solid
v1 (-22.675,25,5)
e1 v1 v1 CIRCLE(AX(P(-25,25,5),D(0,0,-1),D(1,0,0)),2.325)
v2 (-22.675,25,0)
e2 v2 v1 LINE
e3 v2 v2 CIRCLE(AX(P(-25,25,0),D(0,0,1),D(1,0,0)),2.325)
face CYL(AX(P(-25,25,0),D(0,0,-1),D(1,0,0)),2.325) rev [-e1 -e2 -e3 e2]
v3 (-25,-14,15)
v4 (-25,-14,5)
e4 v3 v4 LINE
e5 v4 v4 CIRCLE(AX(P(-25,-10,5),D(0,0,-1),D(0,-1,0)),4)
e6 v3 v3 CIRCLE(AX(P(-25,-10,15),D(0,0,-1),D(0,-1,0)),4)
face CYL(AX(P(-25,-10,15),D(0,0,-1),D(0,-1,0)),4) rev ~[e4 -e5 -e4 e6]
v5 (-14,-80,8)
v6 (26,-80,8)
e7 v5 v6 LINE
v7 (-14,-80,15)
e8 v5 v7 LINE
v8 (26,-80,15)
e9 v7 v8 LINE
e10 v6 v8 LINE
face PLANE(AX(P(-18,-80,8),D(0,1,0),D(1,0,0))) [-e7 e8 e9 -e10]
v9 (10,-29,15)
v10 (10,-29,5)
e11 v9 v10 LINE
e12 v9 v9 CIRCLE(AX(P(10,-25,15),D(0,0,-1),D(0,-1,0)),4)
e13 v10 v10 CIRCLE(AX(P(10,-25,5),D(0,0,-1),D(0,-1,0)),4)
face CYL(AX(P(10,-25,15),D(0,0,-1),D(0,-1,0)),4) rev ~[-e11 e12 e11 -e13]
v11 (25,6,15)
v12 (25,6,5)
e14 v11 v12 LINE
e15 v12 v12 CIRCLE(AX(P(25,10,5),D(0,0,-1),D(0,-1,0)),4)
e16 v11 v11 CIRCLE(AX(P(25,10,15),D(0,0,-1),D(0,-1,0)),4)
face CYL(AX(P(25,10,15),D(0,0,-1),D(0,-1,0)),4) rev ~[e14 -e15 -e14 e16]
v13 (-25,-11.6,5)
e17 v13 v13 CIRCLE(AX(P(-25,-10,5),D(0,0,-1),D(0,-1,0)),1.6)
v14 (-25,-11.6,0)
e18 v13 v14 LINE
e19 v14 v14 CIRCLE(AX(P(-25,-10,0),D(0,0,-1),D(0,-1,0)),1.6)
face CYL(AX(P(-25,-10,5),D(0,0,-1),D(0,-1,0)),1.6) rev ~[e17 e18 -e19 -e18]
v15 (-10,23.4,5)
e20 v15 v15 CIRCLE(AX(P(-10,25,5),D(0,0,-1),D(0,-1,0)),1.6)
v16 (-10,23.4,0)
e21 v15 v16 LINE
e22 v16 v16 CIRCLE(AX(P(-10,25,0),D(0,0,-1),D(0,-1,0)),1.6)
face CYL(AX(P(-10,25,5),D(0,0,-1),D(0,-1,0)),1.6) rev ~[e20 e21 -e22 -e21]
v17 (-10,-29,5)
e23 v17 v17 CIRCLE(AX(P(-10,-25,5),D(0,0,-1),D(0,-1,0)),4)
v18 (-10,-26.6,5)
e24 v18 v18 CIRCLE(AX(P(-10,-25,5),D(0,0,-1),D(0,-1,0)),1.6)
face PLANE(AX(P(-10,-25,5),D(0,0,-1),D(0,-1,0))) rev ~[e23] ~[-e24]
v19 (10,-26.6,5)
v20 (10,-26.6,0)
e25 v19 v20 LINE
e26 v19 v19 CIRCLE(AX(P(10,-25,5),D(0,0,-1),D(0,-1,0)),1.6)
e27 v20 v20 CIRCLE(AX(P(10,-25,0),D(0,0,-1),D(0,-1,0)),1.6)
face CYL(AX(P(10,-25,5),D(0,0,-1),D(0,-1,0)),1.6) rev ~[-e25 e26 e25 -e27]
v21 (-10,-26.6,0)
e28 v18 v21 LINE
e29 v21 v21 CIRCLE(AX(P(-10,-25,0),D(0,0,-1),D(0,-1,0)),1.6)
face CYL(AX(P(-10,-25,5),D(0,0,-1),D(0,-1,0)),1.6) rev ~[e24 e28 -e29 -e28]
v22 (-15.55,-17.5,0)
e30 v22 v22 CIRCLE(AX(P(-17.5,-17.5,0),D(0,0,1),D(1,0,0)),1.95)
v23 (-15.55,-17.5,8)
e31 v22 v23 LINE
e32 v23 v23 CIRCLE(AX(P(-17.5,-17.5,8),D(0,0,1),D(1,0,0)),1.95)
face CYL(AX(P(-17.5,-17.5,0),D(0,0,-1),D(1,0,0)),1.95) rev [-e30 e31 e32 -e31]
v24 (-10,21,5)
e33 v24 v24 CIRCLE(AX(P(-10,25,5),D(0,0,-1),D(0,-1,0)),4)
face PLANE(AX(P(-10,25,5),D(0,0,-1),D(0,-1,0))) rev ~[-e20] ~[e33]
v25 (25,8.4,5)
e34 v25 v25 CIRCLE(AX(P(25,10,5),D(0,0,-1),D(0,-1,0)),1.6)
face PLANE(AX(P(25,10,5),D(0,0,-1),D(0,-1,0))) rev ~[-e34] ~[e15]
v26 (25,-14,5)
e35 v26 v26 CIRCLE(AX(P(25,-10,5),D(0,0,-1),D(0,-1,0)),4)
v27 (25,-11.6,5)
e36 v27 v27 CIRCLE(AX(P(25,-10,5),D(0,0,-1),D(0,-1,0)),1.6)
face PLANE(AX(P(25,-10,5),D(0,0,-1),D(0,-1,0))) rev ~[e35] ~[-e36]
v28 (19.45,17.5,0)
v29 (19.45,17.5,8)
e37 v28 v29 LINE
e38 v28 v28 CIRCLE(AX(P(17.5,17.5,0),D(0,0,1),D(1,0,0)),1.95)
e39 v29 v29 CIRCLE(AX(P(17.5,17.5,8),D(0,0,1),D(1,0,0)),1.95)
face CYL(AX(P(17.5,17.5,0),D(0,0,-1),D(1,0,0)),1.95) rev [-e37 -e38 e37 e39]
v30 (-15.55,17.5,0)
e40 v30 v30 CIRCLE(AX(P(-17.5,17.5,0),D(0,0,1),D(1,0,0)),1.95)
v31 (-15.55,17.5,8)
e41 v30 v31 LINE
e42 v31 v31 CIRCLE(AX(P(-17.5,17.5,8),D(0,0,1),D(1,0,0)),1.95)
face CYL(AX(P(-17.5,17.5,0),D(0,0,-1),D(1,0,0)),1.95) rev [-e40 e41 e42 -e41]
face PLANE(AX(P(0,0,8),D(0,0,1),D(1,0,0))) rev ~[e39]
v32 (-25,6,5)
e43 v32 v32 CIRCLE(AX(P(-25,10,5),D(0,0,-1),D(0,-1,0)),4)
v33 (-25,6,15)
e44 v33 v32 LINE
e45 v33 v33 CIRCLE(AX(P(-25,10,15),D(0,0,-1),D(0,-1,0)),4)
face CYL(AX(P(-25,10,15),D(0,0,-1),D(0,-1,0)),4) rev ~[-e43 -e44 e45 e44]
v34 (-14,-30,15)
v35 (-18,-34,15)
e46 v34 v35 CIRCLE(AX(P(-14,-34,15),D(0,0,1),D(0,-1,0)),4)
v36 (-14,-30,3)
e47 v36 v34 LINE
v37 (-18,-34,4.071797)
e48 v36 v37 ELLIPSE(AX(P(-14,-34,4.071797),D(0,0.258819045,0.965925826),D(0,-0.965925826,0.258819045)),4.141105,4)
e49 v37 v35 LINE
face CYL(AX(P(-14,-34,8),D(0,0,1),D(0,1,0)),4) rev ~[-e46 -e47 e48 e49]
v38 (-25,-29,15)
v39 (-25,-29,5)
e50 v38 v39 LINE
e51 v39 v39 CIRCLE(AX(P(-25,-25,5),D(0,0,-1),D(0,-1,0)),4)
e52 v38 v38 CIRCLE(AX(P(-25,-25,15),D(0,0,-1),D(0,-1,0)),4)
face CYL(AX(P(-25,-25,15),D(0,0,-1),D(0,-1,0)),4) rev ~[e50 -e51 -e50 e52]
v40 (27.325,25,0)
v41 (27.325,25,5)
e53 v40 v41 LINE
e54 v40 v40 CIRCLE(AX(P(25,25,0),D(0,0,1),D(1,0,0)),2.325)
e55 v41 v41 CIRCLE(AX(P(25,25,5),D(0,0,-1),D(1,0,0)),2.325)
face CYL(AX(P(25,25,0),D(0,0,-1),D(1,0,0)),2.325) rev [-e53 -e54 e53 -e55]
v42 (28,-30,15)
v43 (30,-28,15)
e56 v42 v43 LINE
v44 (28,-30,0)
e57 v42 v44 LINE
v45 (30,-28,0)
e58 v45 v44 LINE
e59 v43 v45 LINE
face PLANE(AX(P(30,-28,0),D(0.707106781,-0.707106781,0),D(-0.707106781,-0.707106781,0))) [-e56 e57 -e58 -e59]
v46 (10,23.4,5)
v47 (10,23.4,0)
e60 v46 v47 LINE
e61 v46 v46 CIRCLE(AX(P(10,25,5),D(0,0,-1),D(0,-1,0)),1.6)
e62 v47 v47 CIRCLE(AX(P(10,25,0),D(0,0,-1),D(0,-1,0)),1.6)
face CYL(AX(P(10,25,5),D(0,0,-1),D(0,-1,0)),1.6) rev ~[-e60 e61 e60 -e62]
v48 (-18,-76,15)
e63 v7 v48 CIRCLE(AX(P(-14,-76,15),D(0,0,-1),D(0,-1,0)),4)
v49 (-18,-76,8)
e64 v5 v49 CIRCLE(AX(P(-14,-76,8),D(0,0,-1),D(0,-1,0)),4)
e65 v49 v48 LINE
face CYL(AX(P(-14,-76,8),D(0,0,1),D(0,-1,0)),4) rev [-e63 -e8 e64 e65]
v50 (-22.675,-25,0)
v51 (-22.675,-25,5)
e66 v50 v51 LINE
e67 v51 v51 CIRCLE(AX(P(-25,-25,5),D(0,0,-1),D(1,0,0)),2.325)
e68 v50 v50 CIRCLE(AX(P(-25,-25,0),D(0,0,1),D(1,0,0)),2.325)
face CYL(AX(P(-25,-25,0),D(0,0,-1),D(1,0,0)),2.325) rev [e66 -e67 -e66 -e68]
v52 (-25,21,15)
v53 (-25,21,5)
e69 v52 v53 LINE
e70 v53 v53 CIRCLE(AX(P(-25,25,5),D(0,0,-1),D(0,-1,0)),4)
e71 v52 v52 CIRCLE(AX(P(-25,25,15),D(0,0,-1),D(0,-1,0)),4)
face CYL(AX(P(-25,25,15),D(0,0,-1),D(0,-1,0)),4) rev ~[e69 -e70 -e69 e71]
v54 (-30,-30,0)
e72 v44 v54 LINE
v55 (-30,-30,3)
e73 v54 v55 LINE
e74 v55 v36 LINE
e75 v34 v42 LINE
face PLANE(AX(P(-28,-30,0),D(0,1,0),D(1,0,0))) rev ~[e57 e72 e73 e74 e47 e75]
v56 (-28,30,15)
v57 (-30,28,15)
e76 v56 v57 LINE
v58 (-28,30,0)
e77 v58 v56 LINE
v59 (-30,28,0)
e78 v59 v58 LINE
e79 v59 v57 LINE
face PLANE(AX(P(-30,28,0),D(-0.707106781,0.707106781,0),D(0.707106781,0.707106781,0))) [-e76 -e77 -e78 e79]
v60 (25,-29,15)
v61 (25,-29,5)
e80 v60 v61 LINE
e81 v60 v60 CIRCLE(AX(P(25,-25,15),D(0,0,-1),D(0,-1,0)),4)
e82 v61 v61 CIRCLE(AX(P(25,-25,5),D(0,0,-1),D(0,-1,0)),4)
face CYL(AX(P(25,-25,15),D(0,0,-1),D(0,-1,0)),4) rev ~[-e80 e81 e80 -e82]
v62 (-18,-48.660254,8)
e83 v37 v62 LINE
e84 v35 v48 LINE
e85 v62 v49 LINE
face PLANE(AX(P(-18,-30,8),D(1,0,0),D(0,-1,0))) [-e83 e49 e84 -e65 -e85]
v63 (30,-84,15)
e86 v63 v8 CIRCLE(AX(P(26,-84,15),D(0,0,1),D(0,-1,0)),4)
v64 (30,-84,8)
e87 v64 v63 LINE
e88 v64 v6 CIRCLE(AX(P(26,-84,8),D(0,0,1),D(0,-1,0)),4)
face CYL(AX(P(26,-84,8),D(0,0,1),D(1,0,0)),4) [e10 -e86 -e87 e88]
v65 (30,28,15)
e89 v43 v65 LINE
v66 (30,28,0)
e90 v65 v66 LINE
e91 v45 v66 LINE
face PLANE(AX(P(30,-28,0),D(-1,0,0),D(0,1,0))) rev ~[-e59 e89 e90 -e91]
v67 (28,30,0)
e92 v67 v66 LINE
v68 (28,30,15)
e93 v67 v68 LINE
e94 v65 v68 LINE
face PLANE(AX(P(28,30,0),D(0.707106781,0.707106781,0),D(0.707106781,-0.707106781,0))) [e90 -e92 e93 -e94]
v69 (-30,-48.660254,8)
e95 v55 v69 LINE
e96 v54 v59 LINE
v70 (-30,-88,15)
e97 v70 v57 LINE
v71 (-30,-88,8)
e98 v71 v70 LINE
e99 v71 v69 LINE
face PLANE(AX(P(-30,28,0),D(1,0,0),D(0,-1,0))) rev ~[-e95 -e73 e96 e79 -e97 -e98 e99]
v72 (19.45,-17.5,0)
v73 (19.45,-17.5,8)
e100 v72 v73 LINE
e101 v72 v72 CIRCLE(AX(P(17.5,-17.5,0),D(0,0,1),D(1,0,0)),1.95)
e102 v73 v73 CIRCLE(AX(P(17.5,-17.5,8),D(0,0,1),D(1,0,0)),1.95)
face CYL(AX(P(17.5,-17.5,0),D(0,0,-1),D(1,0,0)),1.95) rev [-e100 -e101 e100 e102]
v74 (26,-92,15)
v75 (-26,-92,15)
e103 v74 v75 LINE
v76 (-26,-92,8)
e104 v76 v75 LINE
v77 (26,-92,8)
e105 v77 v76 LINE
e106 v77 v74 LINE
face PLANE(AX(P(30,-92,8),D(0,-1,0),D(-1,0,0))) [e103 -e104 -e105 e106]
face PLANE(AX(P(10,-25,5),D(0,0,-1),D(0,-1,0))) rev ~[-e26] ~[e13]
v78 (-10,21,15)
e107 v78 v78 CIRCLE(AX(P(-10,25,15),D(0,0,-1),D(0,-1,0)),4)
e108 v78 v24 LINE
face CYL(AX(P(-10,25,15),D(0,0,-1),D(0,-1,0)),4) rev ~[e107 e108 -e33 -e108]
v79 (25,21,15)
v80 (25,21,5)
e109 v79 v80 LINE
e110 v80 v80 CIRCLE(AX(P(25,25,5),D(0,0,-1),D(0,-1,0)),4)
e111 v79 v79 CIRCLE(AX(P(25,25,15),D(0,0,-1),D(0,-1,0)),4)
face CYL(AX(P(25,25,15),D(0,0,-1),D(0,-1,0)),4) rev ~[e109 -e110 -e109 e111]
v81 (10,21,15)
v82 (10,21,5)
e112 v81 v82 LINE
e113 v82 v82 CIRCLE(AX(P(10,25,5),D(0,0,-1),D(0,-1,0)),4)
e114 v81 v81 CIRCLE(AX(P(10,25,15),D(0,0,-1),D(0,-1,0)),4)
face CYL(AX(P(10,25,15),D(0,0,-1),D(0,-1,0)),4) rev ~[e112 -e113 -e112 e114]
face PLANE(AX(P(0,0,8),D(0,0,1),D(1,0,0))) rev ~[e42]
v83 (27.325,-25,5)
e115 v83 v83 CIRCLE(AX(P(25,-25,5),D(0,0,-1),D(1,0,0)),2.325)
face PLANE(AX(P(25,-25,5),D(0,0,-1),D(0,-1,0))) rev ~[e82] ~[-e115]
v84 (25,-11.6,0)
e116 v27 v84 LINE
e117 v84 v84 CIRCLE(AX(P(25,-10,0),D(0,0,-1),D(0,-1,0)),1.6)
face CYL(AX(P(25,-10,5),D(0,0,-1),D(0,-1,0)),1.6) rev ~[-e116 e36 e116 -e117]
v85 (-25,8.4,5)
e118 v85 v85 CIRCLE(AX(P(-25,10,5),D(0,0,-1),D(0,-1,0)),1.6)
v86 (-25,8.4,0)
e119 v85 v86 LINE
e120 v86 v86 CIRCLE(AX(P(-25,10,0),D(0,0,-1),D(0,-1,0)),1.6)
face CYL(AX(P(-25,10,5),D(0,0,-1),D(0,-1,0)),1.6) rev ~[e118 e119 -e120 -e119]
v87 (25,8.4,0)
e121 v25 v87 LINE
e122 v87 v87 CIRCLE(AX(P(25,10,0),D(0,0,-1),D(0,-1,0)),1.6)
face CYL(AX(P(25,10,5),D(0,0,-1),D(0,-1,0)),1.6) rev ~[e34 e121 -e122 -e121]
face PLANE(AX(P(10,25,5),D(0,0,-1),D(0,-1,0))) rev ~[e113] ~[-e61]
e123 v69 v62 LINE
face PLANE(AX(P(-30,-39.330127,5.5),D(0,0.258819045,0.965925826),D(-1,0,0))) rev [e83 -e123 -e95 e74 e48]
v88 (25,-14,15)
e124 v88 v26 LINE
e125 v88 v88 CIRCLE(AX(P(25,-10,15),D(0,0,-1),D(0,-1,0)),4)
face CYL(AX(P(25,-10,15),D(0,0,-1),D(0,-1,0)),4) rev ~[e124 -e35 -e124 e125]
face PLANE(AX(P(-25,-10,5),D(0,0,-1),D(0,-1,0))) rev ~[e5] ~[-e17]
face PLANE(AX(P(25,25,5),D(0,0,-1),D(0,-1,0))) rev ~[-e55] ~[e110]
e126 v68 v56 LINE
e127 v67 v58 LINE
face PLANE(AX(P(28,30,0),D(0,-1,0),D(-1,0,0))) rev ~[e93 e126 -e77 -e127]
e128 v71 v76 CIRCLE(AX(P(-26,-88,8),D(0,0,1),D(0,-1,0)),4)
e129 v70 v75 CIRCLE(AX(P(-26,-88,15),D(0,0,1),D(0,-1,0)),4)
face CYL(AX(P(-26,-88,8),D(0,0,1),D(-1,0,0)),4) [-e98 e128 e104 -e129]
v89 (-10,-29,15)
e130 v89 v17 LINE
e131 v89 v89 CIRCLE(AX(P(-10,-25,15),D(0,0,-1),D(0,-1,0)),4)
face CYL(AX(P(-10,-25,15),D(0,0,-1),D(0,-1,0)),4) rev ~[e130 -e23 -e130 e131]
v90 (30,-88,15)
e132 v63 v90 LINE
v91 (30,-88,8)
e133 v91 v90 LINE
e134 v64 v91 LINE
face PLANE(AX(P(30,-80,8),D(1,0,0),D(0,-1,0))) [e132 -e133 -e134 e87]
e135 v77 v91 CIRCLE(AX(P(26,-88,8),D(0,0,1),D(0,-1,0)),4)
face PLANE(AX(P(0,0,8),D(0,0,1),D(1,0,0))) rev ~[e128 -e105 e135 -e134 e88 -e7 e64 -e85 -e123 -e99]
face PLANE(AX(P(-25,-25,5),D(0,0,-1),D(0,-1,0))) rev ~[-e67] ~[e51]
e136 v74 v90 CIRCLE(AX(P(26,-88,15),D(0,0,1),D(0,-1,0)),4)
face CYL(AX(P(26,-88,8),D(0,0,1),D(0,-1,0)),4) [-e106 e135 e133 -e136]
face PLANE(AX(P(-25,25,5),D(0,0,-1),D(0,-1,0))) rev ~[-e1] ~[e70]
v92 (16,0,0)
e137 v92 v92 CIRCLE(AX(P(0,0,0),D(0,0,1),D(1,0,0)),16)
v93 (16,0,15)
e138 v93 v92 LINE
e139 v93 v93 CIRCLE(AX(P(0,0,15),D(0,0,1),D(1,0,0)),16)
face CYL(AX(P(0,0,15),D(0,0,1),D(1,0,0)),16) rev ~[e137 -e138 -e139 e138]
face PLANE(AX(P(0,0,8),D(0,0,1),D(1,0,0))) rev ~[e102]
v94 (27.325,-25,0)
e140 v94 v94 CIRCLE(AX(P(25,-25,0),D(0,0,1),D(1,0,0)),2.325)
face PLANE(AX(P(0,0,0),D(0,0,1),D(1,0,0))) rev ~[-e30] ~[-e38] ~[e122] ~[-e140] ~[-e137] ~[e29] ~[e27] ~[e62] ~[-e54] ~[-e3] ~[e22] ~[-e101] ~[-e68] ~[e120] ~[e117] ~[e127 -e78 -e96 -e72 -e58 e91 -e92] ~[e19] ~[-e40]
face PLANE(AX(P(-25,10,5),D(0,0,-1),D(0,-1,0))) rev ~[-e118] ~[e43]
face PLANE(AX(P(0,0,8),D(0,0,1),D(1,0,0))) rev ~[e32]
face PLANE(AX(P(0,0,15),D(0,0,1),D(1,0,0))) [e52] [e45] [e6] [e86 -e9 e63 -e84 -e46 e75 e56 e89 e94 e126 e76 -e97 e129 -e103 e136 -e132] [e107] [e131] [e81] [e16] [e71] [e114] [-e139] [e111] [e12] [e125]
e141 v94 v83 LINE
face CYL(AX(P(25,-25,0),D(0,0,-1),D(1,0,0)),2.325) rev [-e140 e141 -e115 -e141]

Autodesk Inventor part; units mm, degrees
ref_plane "YZ Plane" through (0, 0, 0) normal (1, 0, 0) x (0, 1, 0)
ref_plane "XZ Plane" through (0, 0, 0) normal (0, 1, 0) x (-1, 0, 0)
ref_plane "XY Plane" through (0, 0, 0) normal (0, 0, 1) x (1, 0, 0)
ref_plane "Work Plane1" through (0, 0, 0) normal (0, 0, 1) x (1, 0, 0)
sketch "Sketch1" plane through (0, 0, 0) normal (0, 0, 1) x (1, 0, 0)
  circle A0 centre (-10, -25) radius 1.45 projected
  circle A1 centre (-10, 25) radius 1.45 projected
  circle A2 centre (10, 25) radius 1.45 projected
  circle A3 centre (10, -25) radius 1.45 projected
  circle A4 centre (-25, 25) radius 2.325 projected
  circle A5 centre (25, -25) radius 2.325 projected
  circle A6 centre (-25, -25) radius 2.325 projected
  circle A7 centre (25, 25) radius 2.325 projected
  line L0 (28, 30) -> (30, 28) projected
  line L1 (28, 30) -> (-28, 30) projected
  line L2 (-30, 28) -> (-28, 30) projected
  line L3 (-30, 28) -> (-30, -28) projected
  line L4 (-28, -30) -> (-30, -28) projected
  line L5 (-28, -30) -> (28, -30) projected
  line L6 (30, -28) -> (28, -30) projected
  line L7 (30, -28) -> (30, 28) projected
  circle A8 centre (-17.5, -17.5) radius 1.95 projected
  circle A9 centre (17.5, 17.5) radius 1.95 projected
  circle A10 centre (17.5, -17.5) radius 1.95 projected
  circle A11 centre (-17.5, 17.5) radius 1.95 projected
  circle A12 centre (0, 0) radius 7.5 projected
  circle A13 centre (-25.33, -75.26) radius 6.15 projected
  circle A14 centre (25, -10) radius 1.45 projected
  circle A15 centre (-25, -10) radius 1.45 projected
  circle A16 centre (-25, 10) radius 1.45 projected
  circle A17 centre (25, 10) radius 1.45 projected
  line L8 (-30, -28) -> (-30, -30)
  line L9 (-30, -30) -> (-28, -30)
  point P0 (0, 0)
extrude "Extrusion1" add sketch "Sketch1" along normal blind 8 contours L0 L7 L6 L5 L4 L3 L2 L1 | L4 L9 L8
sketch "Sketch2" plane through (0, 0, 8) normal (0, 0, 1) x (1, 0, 0)
  circle A0 centre (0, 0) radius 7.5 projected
  circle A1 centre (25, 10) radius 1.45 projected
  circle A2 centre (-25, 10) radius 1.45 projected
  circle A3 centre (-25, -10) radius 1.45 projected
  circle A4 centre (25, -10) radius 1.45 projected
  circle A5 centre (10, -25) radius 1.45 projected
  circle A6 centre (10, 25) radius 1.45 projected
  circle A7 centre (-10, 25) radius 1.45 projected
  circle A8 centre (-10, -25) radius 1.45 projected
  line L0 (-30, -30) -> (28, -30) projected
  line L1 (28, -30) -> (30, -28) projected
  line L2 (30, -28) -> (30, 28) projected
  line L3 (30, 28) -> (28, 30) projected
  line L4 (28, 30) -> (-28, 30) projected
  line L5 (30, -28) -> (30, 28) projected
  line L6 (30, 28) -> (30, -28) projected
  line L7 (-28, 30) -> (-30, 28) projected
  line L8 (-30, 28) -> (-30, -30) projected
  line L9 (-30, -30) -> (-18, -30)
  line L10 (-18, -30) -> (-18, -80)
  line L11 (-18, -80) -> (-30, -80)
  line L12 (-30, -80) -> (-30, -30)
  line L13 (-30, -30) -> (-30, -28)
  line L14 (-30, -28) -> (-28, -30)
  line L15 (-28, -30) -> (-30, -30)
  circle A9 centre (-17.5, 17.5) radius 1.95 projected
  circle A10 centre (-25, 25) radius 2.325 projected
  circle A11 centre (25, 25) radius 2.325 projected
  circle A12 centre (17.5, 17.5) radius 1.95 projected
  circle A13 centre (17.5, -17.5) radius 1.95 projected
  circle A14 centre (25, -25) radius 2.325 projected
  circle A15 centre (-25, -25) radius 2.325 projected
  line L16 (-30, -80) -> (30, -80)
  line L17 (30, -80) -> (30, -92)
  line L18 (30, -92) -> (-30, -92)
  line L19 (-30, -92) -> (-30, -80)
  point P0 (0, 0)
  point P1 (-24.2387, -104)
  dimension "d59" = 12
  dimension "d77" = 12
extrude "Extrusion2" add sketch "Sketch2" along normal blind 7 contours A0 | A1 | A2 | A3 | A4 | A5 | A6 | A7 | A8 | L8 L14 L0 | L0 L10 L11 L12 | L14 L8 L7 L4 L3 L2 L1 L0 | L11 L16 L17 L18 L19 | A9 | A10 | A11 | A12 | A13 | A14 | A15
fillet "Fillet1" radius 4 5 edges at (-18, -30, 11.5) (-30, -92, 11.5) (30, -92, 11.5) (30, -80, 11.5) (-18, -80, 11.5)
sketch "Sketch6" plane through (0, 0, 15) normal (0, 0, 1) x (1, 0, 0)
  line L0 (30, -28) -> (30, 28) projected
  line L1 (30, 28) -> (28, 30) projected
  line L2 (28, 30) -> (-28, 30) projected
  circle A0 centre (-1.1442, -37.6316) radius 2.45
  circle A1 centre (-1.1442, -37.6316) radius 1.45 construction
  line L3 (-14, -30) -> (28, -30) projected
  line L4 (-28, 30) -> (-30, 28) projected
  line L5 (-18, -76) -> (-18, -34) projected
  arc A2 (-14, -30) -> (-18, -34) centre (-14, -34) ccw projected
  line L6 (-26, -92) -> (26, -92) projected
  line L7 (30, -88) -> (30, -84) projected
  line L8 (26, -80) -> (-14, -80) projected
  line L9 (28, -30) -> (30, -28) projected
  arc A3 (30, -84) -> (26, -80) centre (26, -84) ccw projected
  arc A4 (-18, -76) -> (-14, -80) centre (-14, -76) ccw projected
  arc A5 (-30, -88) -> (-26, -92) centre (-26, -88) ccw projected
  arc A6 (26, -92) -> (30, -88) centre (26, -88) ccw projected
  line L10 (-30, 28) -> (-30, -88) projected
  point P0 (0, 0)
  dimension "d27" = 4.9
extrude "Extrusion6" cut sketch "Sketch6" against normal blind 4 contours A0
ref_plane "Work Plane2" through (-6, -91, 19) normal (1, 0, 0) x (0, 0, -1)
sketch "Sketch7" plane through (0, 0, 15) normal (0, 0, 1) x (1, 0, 0)
  circle A0 centre (10, -25) radius 1.45 projected
  circle A1 centre (-10, -25) radius 1.45 projected
  circle A2 centre (-25, -10) radius 1.45 projected
  circle A3 centre (-25, 10) radius 1.45 projected
  circle A4 centre (-10, 25) radius 1.45 projected
  circle A5 centre (10, 25) radius 1.45 projected
  circle A6 centre (25, 10) radius 1.45 projected
  circle A7 centre (25, -10) radius 1.45 projected
  circle A8 centre (-25, 25) radius 2.325 projected
  circle A9 centre (25, 25) radius 2.325 projected
  circle A10 centre (25, -25) radius 2.325 projected
  circle A11 centre (-25, -25) radius 2.325 projected
  point P0 (0, 0)
hole "Hole1" at (-25, -10, 15) at (-25, 10, 15) at (-10, 25, 15) at (10, 25, 15) at (25, 10, 15) at (25, -10, 15) at (10, -25, 15) at (-10, -25, 15) at (-25, 25, 15) at (-25, -25, 15) at (25, -25, 15) at (25, 25, 15) direction (0, 0, -1) diameter 3.2 end through all counterbore diameter 8 counterbore depth 10
sketch "Sketch8" plane through (0, 0, 15) normal (0, 0, 1) x (1, 0, 0)
  circle A0 centre (0, 0) radius 16
  dimension "d41" = 32
extrude "Extrusion7" cut sketch "Sketch8" against normal through all
chamfer "Chamfer3" distance 5 angle 75 1 edges at (-22, -30, 8) measured on face at (14, -30, 7.6667)
properties part number "cellSTORM_UC2_Sample_arm"
